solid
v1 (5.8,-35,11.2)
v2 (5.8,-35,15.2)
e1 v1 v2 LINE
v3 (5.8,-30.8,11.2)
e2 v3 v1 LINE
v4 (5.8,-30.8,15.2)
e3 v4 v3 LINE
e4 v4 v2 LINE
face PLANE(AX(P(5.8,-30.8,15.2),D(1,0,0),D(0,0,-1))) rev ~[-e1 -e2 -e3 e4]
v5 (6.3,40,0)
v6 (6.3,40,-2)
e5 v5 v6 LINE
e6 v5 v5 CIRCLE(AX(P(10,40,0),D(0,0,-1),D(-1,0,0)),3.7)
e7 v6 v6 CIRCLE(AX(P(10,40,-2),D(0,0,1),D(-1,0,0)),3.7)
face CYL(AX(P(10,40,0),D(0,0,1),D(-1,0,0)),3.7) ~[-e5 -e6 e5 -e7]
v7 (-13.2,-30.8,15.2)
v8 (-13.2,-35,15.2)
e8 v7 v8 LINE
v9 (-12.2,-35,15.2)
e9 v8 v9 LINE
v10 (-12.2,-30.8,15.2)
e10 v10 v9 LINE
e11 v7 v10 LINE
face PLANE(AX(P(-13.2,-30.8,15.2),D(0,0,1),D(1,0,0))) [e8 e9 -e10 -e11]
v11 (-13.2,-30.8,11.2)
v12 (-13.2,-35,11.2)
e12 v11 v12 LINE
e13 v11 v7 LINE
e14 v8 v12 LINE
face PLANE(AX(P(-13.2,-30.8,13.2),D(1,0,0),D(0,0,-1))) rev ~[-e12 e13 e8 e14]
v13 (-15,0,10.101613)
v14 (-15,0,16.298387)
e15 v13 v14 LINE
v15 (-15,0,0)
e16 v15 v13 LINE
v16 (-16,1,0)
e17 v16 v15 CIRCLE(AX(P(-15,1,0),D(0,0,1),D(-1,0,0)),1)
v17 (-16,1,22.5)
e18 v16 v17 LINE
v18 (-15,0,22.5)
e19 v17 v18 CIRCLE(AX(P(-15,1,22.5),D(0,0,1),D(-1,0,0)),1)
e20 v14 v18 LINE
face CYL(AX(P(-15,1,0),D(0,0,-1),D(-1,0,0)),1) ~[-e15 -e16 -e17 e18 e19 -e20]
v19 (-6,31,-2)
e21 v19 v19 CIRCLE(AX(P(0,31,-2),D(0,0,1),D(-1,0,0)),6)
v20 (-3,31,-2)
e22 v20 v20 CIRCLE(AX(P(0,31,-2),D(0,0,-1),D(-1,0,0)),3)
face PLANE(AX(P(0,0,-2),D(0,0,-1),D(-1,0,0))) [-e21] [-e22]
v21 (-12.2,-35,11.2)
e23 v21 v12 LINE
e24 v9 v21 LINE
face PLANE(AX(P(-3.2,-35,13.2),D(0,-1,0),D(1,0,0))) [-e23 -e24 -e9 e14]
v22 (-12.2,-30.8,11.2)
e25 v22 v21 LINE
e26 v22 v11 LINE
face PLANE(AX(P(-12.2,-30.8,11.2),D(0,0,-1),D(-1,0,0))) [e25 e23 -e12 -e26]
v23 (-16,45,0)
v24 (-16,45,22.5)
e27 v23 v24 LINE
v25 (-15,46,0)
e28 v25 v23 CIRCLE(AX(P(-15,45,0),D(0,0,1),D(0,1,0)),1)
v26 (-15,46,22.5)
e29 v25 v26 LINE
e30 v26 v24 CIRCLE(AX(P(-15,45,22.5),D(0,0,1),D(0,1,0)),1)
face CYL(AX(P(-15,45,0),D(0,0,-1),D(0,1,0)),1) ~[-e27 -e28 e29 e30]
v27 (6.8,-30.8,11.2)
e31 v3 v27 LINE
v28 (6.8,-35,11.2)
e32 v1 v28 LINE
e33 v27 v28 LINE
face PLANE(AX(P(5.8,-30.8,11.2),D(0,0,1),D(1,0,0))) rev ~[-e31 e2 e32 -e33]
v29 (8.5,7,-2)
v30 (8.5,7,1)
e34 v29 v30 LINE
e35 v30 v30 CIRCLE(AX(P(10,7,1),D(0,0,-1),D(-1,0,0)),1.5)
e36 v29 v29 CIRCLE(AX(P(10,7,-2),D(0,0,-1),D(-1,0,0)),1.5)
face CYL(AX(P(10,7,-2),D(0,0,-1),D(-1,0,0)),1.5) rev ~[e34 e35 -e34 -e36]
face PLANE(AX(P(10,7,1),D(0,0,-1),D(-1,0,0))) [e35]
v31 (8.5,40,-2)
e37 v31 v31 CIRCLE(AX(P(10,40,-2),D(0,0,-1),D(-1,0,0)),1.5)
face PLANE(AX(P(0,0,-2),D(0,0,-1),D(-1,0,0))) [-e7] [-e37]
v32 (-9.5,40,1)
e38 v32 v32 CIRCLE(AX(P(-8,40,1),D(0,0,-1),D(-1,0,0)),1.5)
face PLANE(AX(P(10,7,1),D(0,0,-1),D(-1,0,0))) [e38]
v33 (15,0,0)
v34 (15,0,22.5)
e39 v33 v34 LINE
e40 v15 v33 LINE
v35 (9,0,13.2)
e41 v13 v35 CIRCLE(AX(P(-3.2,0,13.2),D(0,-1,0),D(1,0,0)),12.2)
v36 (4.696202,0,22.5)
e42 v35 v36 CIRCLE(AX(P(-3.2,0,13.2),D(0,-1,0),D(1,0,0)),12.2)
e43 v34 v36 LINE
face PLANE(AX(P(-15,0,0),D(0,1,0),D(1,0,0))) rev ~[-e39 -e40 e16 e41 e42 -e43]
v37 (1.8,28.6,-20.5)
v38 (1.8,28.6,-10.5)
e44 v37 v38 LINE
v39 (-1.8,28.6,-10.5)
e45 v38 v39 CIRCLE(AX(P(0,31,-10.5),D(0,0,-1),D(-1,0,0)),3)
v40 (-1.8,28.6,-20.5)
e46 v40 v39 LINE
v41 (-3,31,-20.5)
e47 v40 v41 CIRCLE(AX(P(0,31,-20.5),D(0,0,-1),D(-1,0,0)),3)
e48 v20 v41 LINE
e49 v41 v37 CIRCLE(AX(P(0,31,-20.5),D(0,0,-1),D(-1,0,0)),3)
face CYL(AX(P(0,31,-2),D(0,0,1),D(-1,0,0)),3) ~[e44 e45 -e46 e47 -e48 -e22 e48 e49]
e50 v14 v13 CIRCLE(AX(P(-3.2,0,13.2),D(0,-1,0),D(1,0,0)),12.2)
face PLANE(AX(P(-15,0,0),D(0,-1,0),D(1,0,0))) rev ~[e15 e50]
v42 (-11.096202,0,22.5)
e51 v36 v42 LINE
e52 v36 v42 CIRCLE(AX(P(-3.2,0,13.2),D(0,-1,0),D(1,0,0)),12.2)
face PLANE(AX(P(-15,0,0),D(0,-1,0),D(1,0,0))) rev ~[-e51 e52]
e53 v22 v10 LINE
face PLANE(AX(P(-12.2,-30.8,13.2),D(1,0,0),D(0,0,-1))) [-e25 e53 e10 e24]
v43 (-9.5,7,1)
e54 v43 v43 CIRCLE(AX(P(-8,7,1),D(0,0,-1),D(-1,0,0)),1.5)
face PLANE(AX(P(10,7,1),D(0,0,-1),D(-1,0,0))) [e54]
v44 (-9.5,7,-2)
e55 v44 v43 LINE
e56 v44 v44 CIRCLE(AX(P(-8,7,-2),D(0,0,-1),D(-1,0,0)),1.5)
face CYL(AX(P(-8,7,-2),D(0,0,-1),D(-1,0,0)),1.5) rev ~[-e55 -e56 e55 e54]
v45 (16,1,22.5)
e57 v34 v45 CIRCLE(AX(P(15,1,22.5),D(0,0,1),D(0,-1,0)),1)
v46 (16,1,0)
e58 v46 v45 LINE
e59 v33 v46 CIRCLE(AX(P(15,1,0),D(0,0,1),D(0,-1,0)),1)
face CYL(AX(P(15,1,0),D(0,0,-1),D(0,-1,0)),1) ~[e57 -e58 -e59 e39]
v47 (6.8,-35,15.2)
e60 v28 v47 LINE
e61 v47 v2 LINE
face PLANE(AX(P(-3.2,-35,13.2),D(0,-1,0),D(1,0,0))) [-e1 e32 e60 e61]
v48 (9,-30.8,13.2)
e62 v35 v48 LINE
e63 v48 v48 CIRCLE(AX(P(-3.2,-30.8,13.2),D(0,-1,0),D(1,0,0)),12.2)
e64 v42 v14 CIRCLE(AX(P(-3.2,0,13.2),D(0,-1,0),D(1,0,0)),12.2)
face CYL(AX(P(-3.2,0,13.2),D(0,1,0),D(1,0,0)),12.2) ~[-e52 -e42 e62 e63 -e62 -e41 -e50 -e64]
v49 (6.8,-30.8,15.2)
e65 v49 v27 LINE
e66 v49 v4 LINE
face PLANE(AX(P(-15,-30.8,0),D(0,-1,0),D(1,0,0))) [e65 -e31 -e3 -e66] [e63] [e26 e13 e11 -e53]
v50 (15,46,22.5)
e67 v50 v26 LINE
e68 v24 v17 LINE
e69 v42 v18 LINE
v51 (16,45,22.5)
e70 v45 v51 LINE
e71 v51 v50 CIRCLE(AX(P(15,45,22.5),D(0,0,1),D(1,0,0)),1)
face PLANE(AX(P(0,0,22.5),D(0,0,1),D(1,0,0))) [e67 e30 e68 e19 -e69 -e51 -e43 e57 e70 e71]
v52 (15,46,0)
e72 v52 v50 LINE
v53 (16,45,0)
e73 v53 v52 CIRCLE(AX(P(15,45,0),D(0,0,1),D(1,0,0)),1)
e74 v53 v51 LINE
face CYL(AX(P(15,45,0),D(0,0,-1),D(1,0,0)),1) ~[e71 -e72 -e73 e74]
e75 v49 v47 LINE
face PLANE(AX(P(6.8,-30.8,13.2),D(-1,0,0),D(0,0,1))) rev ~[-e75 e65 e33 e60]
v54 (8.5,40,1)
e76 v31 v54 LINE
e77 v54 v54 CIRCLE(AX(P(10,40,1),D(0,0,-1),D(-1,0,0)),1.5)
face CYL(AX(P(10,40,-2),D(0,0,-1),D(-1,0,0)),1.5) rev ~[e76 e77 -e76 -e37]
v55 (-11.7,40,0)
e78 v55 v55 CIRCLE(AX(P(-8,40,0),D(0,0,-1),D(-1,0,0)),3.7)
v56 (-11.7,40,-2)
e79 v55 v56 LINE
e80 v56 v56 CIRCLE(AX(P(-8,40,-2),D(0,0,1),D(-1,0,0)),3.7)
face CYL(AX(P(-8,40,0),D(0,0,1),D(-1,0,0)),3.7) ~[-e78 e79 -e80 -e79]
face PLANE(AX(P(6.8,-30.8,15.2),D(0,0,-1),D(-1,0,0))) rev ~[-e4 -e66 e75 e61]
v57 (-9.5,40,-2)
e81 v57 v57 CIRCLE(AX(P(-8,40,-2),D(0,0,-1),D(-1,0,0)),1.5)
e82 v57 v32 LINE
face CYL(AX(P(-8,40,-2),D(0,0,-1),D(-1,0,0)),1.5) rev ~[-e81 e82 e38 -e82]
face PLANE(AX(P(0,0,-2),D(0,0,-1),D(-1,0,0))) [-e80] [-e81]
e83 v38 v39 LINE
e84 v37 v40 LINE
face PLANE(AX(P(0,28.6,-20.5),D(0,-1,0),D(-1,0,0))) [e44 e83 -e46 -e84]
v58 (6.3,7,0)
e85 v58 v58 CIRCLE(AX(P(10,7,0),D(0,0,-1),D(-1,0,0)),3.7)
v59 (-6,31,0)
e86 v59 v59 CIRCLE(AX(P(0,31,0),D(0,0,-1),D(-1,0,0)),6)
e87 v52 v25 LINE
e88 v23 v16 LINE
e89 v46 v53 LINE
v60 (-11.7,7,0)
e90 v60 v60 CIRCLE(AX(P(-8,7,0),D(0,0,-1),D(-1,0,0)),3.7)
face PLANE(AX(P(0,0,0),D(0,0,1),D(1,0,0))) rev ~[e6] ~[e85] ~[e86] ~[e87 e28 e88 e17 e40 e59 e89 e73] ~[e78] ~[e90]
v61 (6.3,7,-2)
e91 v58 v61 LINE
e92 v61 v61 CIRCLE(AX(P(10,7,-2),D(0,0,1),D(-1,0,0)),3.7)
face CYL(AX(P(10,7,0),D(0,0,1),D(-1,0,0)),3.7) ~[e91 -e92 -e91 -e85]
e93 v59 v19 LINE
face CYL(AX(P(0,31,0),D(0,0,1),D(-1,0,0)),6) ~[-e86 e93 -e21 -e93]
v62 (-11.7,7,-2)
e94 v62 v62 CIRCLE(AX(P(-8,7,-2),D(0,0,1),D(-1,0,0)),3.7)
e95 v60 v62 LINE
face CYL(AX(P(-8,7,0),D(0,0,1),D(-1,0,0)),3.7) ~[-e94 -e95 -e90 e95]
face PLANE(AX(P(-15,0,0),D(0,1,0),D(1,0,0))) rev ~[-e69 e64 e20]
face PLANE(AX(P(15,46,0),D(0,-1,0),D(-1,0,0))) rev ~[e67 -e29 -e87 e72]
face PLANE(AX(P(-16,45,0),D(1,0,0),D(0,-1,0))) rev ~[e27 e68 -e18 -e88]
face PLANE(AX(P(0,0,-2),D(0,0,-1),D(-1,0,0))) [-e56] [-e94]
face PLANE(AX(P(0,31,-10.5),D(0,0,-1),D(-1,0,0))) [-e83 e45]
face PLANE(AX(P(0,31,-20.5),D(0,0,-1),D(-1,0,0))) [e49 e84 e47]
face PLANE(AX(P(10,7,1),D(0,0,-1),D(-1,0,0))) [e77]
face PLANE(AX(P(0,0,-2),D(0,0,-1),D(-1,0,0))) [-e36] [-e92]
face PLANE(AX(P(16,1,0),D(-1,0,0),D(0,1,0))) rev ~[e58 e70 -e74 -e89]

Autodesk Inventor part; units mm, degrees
ref_plane "YZ Plane" through (0, 0, 0) normal (1, 0, 0) x (0, 1, 0)
ref_plane "XZ Plane" through (0, 0, 0) normal (0, 1, 0) x (-1, 0, 0)
ref_plane "XY Plane" through (0, 0, 0) normal (0, 0, 1) x (1, 0, 0)
sketch "Sketch1" plane through (0, 0, 0) normal (0, 0, 1) x (1, 0, 0)
  line L0 (0, 0) -> (15, 0)
  line L1 (16, 1) -> (16, 45)
  line L2 (15, 46) -> (-15, 46)
  line L3 (-16, 45) -> (-16, 1)
  line L4 (-15, 0) -> (16, 0)
  arc A0 (-15, 46) -> (-16, 45) centre (-15, 45) ccw
  arc A1 (16, 45) -> (15, 46) centre (15, 45) ccw
  arc A2 (15, 0) -> (16, 1) centre (15, 1) ccw
  arc A3 (-16, 1) -> (-15, 0) centre (-15, 1) ccw
  point P0 (16, 46)
  point P1 (-16, 46)
  dimension "d0" = 16
  dimension "d1" = 46
  dimension "d2" = 32
  dimension "d3" = 1
extrude "Extrusion1" add sketch "Sketch1" along normal blind 22.5
sketch "Sketch2" plane through (0, 0, 0) normal (0, 0, -1) x (-1, 0, 0)
  line L0 (0, 0) -> (-10, 0)
  line L1 (15, 0) -> (-15, 0) projected
  line L2 (-10, 0) -> (-10, 7)
  line L3 (-10, 7) -> (-10, 40)
  circle A0 centre (-10, 7) radius 3.7
  circle A1 centre (-10, 40) radius 3.7
  line L4 (-10, 40) -> (8, 40)
  line L5 (-10, 7) -> (8, 7)
  circle A2 centre (8, 7) radius 3.7
  circle A3 centre (8, 40) radius 3.7
  line L6 (-15, 46) -> (15, 46) projected
  line L7 (0, 46) -> (0, 31)
  circle A4 centre (0, 31) radius 6
  dimension "d6" = 10
  dimension "d7" = 7
  dimension "d8" = 33
  dimension "d9" = 7.4
  dimension "d10" = 7.4
  dimension "d11" = 18
  dimension "d12" = 18
  dimension "d13" = 7.4
  dimension "d14" = 7.4
  dimension "d23" = 15
  dimension "d24" = 12
extrude "Extrusion2" add sketch "Sketch2" along normal blind 2
sketch "Sketch3" plane through (10, 7, -2) normal (0, 0, -1) x (-1, 0, 0)
  circle A0 centre (0, 0) radius 3.7 projected
  circle A1 centre (0, 0) radius 1.5
  circle A2 centre (0, 33) radius 3.7 projected
  circle A3 centre (0, 33) radius 1.5
  circle A4 centre (18, 33) radius 3.7 projected
  circle A5 centre (18, 33) radius 1.5
  circle A6 centre (18, 0) radius 3.7 projected
  circle A7 centre (18, 0) radius 1.5
  point P0 (10, -7)
  dimension "d17" = 3
  dimension "d18" = 3
  dimension "d19" = 3
  dimension "d20" = 3
extrude "Extrusion3" cut sketch "Sketch3" against normal blind 3 contours A1 | A3 | A5 | A7
sketch "Sketch4" plane through (0, 31, -2) normal (0, 0, -1) x (-1, 0, 0)
  circle A0 centre (0, 0) radius 6 projected
  circle A1 centre (0, 0) radius 3
  point P0 (0, -31)
  dimension "d25" = 6
extrude "Extrusion4" add sketch "Sketch4" along normal blind 18.5 contours A1
sketch "Sketch5" plane through (0, 31, -20.5) normal (0, 0, -1) x (-1, 0, 0)
  circle A0 centre (0, 0) radius 3 projected
  line L0 (0, 3) -> (0, -2.4)
  line L1 (0, -2.4) -> (-1.8, -2.4)
  line L2 (0, -2.4) -> (1.8, -2.4)
  point P0 (0, -31)
  dimension "d28" = 5.4
extrude "Extrusion5" cut sketch "Sketch5" against normal blind 10 contours A0 L1 L2
sketch "Sketch6" plane through (-15, 0, 0) normal (0, -1, 0) x (1, 0, 0)
  circle A0 centre (11.8, 13.2) radius 12.2
  line L0 (-1, 0) -> (-1, 22.5) projected
  line L1 (0, 0) -> (30, 0) projected
  point P0 (15, 0)
  dimension "d31" = 24.4
  dimension "d40" = 13.2
  dimension "d41" = 12.8
extrude "Extrusion6" add sketch "Sketch6" along normal blind 30.8
sketch "Sketch7" plane through (-3.2, -30.8, 13.2) normal (0, -1, 0) x (1, 0, 0)
  line L0 (0, 0) -> (10, 0)
  line L1 (10, 0) -> (10, -2)
  line L2 (10, -2) -> (10, 2)
  line L3 (10, 2) -> (9, 2)
  line L4 (9, 2) -> (9, -2)
  line L5 (9, -2) -> (10, -2)
  line L6 (0, 0) -> (0, -2)
  line L7 (0, 0) -> (-10, 0)
  line L8 (-10, 0) -> (-10, -2)
  line L9 (-10, -2) -> (-10, 2)
  line L10 (-10, 2) -> (-9, 2)
  line L11 (-9, 2) -> (-9, -2)
  line L12 (-9, -2) -> (-10, -2)
  point P0 (3.2, -13.2)
  dimension "d34" = 10
  dimension "d35" = 2
  dimension "d36" = 4
  dimension "d37" = 1
extrude "Extrusion7" add sketch "Sketch7" along normal blind 4.2
equation "\"d0\" = 0.5 * d2"
properties part number "motor_dc_12v_90d"
